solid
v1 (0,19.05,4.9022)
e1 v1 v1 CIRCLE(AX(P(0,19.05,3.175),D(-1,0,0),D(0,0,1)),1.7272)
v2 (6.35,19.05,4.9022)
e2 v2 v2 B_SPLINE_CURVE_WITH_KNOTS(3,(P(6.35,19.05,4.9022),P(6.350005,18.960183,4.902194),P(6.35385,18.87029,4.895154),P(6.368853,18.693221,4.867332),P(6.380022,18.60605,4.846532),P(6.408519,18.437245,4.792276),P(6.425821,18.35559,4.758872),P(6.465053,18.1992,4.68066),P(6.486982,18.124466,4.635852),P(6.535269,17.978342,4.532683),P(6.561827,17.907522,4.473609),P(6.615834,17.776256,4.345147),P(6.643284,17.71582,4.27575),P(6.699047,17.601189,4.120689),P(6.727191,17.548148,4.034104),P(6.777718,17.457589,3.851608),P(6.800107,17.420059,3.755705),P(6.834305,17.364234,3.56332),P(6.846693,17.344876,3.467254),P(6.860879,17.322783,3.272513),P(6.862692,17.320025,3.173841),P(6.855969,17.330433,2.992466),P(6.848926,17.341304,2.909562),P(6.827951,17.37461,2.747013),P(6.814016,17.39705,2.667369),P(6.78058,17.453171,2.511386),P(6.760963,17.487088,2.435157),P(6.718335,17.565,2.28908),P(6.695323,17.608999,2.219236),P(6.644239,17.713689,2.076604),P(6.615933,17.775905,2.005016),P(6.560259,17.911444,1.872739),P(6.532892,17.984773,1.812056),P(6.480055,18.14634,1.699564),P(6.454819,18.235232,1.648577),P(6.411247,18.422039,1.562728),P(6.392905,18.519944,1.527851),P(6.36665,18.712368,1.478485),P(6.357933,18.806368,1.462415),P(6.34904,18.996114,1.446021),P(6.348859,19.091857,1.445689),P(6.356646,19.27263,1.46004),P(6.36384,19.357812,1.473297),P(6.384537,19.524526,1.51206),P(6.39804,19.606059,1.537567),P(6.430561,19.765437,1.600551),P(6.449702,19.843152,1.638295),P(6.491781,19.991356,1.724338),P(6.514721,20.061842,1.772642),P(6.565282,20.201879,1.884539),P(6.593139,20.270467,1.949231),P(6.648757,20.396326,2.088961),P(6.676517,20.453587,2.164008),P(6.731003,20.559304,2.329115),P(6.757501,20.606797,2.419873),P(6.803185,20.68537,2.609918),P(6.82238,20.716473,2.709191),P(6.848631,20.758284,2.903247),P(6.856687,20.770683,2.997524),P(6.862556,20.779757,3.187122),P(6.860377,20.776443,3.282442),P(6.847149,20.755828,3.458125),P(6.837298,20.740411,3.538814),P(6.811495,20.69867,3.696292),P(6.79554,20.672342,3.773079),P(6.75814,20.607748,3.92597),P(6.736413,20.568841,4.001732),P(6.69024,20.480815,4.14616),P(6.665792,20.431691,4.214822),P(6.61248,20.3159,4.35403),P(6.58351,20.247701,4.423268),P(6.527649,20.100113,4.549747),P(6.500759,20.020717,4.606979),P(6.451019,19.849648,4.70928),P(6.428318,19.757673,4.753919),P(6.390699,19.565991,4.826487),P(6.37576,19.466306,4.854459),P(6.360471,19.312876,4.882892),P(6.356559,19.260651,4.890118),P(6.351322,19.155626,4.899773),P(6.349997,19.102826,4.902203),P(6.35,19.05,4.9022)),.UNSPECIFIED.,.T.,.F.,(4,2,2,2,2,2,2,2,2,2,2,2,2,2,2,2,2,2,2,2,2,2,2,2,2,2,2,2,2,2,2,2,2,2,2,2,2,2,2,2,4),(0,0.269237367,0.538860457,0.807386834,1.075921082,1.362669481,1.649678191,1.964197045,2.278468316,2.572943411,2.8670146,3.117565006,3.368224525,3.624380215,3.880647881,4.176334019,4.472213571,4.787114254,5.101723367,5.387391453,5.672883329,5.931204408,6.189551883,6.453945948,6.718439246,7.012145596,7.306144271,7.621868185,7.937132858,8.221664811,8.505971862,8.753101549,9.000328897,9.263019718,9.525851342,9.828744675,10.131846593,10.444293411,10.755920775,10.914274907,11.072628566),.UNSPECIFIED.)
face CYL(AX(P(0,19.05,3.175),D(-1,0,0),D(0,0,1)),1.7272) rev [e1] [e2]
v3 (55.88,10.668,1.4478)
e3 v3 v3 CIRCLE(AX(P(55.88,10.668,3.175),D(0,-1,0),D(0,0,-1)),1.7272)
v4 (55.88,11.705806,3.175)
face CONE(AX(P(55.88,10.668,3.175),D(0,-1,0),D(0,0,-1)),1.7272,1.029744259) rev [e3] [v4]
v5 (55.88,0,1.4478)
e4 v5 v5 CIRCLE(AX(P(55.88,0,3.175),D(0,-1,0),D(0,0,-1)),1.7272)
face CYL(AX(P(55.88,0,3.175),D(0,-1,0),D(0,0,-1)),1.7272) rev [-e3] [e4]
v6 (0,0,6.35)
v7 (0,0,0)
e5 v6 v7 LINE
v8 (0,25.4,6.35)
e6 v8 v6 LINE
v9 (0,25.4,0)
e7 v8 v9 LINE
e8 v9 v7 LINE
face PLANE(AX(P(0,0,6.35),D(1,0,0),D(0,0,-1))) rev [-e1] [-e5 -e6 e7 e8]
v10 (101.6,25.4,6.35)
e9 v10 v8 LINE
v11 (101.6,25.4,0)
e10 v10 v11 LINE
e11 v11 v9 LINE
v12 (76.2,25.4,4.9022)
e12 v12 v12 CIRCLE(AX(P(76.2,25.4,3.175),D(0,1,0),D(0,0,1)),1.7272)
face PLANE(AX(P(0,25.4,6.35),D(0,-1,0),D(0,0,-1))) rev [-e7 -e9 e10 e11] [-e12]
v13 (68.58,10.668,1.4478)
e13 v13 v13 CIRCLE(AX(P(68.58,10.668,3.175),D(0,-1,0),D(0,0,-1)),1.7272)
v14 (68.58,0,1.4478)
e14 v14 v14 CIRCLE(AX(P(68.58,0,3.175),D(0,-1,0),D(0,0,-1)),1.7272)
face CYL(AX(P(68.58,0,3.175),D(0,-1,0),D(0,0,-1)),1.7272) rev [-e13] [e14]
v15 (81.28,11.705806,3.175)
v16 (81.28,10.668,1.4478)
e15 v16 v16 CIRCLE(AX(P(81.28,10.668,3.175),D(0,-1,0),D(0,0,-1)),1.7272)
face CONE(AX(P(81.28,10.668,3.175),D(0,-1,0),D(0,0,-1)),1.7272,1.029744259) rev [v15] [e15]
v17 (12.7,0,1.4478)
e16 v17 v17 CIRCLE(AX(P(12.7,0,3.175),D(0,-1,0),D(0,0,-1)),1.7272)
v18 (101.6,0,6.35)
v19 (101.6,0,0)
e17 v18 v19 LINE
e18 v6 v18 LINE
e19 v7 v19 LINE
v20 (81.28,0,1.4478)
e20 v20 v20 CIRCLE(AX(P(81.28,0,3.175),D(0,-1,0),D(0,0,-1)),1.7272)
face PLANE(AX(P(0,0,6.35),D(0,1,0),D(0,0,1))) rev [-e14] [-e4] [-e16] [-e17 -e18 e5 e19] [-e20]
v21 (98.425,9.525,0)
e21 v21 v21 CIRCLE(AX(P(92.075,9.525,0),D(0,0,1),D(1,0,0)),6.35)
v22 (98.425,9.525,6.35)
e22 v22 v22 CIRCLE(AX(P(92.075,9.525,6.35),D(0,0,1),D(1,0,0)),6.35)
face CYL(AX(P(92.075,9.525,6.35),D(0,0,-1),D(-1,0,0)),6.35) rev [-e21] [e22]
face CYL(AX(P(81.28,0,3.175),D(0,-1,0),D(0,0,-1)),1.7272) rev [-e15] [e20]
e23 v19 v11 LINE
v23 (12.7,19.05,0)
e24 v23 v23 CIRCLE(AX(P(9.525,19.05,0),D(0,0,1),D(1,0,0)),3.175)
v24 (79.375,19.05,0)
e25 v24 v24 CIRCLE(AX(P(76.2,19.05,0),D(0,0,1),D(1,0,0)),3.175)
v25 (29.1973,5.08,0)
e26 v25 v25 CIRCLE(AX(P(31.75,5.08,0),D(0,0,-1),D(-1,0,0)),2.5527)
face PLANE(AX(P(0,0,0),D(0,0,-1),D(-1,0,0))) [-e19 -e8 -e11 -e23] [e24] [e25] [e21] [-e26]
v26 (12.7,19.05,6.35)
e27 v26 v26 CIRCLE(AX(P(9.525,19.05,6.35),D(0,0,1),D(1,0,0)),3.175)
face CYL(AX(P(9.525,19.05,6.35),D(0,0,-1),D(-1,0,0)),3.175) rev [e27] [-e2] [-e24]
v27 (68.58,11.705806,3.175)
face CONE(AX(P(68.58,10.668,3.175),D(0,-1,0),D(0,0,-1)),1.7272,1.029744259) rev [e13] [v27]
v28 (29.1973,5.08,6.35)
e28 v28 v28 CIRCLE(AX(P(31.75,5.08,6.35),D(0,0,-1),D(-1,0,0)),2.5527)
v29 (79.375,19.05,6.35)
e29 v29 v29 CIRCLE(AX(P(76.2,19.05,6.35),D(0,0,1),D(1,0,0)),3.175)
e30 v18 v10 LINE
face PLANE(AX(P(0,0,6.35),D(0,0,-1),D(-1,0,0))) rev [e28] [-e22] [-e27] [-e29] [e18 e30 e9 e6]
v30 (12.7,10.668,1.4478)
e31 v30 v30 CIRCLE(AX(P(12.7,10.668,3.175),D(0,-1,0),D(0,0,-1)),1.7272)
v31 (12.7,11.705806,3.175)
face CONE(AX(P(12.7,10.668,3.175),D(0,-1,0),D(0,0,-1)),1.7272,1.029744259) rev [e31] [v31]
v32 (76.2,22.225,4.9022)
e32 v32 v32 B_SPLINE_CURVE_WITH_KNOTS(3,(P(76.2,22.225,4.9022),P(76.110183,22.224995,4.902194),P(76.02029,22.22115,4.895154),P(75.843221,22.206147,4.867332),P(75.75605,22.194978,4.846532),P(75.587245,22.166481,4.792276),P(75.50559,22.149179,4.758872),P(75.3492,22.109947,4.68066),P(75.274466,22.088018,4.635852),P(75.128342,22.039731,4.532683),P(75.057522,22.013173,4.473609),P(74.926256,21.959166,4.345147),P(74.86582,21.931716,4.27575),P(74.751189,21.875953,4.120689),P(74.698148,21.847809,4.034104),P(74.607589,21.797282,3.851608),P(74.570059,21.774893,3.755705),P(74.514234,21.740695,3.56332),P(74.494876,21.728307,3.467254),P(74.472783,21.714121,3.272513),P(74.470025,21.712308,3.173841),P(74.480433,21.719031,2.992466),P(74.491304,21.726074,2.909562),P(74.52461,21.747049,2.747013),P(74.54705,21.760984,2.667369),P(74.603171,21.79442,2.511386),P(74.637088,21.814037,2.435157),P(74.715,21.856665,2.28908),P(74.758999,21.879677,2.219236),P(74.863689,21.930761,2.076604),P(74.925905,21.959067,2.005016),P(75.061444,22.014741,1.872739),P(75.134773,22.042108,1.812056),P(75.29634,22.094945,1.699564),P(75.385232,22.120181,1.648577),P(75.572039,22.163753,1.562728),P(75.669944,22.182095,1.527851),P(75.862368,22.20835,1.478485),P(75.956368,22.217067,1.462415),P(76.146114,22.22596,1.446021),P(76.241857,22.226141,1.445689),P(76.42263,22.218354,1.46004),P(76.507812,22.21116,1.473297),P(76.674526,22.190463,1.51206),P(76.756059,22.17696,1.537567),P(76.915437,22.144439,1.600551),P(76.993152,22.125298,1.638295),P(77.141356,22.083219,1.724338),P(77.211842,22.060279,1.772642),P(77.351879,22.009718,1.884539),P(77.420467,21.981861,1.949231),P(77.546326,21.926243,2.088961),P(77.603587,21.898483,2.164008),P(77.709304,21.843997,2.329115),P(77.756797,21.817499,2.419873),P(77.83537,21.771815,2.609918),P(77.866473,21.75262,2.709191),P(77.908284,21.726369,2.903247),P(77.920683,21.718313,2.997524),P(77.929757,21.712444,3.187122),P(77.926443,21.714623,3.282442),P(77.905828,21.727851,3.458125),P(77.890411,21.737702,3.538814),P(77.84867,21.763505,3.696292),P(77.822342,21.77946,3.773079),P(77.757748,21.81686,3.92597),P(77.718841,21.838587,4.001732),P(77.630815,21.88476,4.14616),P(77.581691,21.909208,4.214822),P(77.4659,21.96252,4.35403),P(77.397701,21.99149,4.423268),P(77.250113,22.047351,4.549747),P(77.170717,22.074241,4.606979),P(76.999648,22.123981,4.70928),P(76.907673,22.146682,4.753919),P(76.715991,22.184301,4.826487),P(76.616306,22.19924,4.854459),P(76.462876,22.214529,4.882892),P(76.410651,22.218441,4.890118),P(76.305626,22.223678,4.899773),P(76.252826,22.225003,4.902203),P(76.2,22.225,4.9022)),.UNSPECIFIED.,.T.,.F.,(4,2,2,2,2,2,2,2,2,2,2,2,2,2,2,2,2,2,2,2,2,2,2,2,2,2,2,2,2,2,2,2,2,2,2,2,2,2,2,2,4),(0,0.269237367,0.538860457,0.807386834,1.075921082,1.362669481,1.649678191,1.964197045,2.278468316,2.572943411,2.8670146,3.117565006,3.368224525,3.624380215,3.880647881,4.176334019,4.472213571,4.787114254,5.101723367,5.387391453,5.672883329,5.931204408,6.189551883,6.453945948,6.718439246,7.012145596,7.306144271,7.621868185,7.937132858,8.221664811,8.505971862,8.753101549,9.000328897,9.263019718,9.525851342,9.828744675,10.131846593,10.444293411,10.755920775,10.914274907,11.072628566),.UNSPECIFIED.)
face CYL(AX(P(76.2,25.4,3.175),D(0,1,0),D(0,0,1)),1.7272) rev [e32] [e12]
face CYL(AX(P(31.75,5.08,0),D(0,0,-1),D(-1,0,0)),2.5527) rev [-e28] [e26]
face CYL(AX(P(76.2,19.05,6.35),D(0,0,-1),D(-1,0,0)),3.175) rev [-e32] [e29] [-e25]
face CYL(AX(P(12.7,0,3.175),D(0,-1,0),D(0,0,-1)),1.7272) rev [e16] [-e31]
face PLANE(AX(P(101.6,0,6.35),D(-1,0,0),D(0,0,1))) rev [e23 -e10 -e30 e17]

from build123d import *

# Parameters (mm, degrees)
SKETCH1_W                           = 101.6
SKETCH1_H                           = 25.4
SKETCH1_R                           = 6.35
SKETCH1_R_2                         = 3.175
BOSS_EXTRUDE1_DEPTH                 = 6.35
F_8_32_TAPPED_HOLE1_REACH           = 105.419
F_8_32_TAPPED_HOLE1_BORE_R          = 1.7272
F_8_32_TAPPED_HOLE1_ON_FACE_2_REACH = 82.385
F_8_32_TAPPED_HOLE1_BORE_2_R        = 1.7272
F_8_32_TAPPED_HOLE2_D               = 3.4544
F_8_32_TAPPED_HOLE2_DEPTH           = 10.668
F_8_32_TAPPED_HOLE2_TIP             = 1.037806461
F_1_4_20_TAPPED_HOLE1_D             = 5.1054


with BuildPart() as part:
    # Sketch1 → Boss-Extrude1 (new body)
    with BuildSketch(Plane.XY):
        with Locations((50.8, 12.7)):
            Rectangle(SKETCH1_W, SKETCH1_H)
        with Locations((92.075, 9.525)):
            Circle(SKETCH1_R, mode=Mode.SUBTRACT)
        with Locations((9.525, 19.05)):
            Circle(SKETCH1_R_2, mode=Mode.SUBTRACT)
        with Locations((76.2, 19.05)):
            Circle(SKETCH1_R_2, mode=Mode.SUBTRACT)
    extrude(amount=BOSS_EXTRUDE1_DEPTH)

    # #8-32 Tapped Hole1 bore (on position points) → #8-32 Tapped Hole1 (cut, up to next)
    with BuildSketch(Plane(origin=(0, 19.05, 3.175), x_dir=(0, 0, -1), z_dir=(-1, 0, 0)), mode=Mode.PRIVATE) as f_8_32_tapped_hole1_sk1:
        Circle(F_8_32_TAPPED_HOLE1_BORE_R)
    f_8_32_tapped_hole1_tool1 = extrude(f_8_32_tapped_hole1_sk1.sketch, amount=-F_8_32_TAPPED_HOLE1_REACH, mode=Mode.PRIVATE) & part.part
    add(f_8_32_tapped_hole1_tool1.solids().sort_by_distance((0, 19.05, 3.175))[0], mode=Mode.SUBTRACT)

    # #8-32 Tapped Hole1 bore 2 (on position points) → #8-32 Tapped Hole1 on face 2 (cut, up to next)
    with BuildSketch(Plane(origin=(76.2, 25.4, 3.175), x_dir=(0, 0, 1), z_dir=(0, 1, 0)), mode=Mode.PRIVATE) as f_8_32_tapped_hole1_on_face_2_sk1:
        Circle(F_8_32_TAPPED_HOLE1_BORE_2_R)
    f_8_32_tapped_hole1_on_face_2_tool1 = extrude(f_8_32_tapped_hole1_on_face_2_sk1.sketch, amount=-F_8_32_TAPPED_HOLE1_ON_FACE_2_REACH, mode=Mode.PRIVATE) & part.part
    add(f_8_32_tapped_hole1_on_face_2_tool1.solids().sort_by_distance((76.2, 25.4, 3.175))[0], mode=Mode.SUBTRACT)

    # #8-32 Tapped Hole2
    with Locations(Plane(origin=(81.28, 0, 3.175), x_dir=(0, 0, -1), z_dir=(0, -1, 0))):
        with Locations((0, 0), (0, -25.4), (0, -68.58), (0, -12.7)):
            Hole(F_8_32_TAPPED_HOLE2_D / 2, depth=F_8_32_TAPPED_HOLE2_DEPTH)
            with Locations((0, 0, -(F_8_32_TAPPED_HOLE2_DEPTH + F_8_32_TAPPED_HOLE2_TIP / 2))):  # 118° drill point
                Cone(0, F_8_32_TAPPED_HOLE2_D / 2, F_8_32_TAPPED_HOLE2_TIP, mode=Mode.SUBTRACT)

    # 1/4-20 Tapped Hole1 (through all)
    with Locations(Plane(origin=(31.75, 5.08, 0), x_dir=(-1, 0, 0), z_dir=(0, 0, -1))):
        with Locations((0, 0)):
            Hole(F_1_4_20_TAPPED_HOLE1_D / 2)


solid = part.part
